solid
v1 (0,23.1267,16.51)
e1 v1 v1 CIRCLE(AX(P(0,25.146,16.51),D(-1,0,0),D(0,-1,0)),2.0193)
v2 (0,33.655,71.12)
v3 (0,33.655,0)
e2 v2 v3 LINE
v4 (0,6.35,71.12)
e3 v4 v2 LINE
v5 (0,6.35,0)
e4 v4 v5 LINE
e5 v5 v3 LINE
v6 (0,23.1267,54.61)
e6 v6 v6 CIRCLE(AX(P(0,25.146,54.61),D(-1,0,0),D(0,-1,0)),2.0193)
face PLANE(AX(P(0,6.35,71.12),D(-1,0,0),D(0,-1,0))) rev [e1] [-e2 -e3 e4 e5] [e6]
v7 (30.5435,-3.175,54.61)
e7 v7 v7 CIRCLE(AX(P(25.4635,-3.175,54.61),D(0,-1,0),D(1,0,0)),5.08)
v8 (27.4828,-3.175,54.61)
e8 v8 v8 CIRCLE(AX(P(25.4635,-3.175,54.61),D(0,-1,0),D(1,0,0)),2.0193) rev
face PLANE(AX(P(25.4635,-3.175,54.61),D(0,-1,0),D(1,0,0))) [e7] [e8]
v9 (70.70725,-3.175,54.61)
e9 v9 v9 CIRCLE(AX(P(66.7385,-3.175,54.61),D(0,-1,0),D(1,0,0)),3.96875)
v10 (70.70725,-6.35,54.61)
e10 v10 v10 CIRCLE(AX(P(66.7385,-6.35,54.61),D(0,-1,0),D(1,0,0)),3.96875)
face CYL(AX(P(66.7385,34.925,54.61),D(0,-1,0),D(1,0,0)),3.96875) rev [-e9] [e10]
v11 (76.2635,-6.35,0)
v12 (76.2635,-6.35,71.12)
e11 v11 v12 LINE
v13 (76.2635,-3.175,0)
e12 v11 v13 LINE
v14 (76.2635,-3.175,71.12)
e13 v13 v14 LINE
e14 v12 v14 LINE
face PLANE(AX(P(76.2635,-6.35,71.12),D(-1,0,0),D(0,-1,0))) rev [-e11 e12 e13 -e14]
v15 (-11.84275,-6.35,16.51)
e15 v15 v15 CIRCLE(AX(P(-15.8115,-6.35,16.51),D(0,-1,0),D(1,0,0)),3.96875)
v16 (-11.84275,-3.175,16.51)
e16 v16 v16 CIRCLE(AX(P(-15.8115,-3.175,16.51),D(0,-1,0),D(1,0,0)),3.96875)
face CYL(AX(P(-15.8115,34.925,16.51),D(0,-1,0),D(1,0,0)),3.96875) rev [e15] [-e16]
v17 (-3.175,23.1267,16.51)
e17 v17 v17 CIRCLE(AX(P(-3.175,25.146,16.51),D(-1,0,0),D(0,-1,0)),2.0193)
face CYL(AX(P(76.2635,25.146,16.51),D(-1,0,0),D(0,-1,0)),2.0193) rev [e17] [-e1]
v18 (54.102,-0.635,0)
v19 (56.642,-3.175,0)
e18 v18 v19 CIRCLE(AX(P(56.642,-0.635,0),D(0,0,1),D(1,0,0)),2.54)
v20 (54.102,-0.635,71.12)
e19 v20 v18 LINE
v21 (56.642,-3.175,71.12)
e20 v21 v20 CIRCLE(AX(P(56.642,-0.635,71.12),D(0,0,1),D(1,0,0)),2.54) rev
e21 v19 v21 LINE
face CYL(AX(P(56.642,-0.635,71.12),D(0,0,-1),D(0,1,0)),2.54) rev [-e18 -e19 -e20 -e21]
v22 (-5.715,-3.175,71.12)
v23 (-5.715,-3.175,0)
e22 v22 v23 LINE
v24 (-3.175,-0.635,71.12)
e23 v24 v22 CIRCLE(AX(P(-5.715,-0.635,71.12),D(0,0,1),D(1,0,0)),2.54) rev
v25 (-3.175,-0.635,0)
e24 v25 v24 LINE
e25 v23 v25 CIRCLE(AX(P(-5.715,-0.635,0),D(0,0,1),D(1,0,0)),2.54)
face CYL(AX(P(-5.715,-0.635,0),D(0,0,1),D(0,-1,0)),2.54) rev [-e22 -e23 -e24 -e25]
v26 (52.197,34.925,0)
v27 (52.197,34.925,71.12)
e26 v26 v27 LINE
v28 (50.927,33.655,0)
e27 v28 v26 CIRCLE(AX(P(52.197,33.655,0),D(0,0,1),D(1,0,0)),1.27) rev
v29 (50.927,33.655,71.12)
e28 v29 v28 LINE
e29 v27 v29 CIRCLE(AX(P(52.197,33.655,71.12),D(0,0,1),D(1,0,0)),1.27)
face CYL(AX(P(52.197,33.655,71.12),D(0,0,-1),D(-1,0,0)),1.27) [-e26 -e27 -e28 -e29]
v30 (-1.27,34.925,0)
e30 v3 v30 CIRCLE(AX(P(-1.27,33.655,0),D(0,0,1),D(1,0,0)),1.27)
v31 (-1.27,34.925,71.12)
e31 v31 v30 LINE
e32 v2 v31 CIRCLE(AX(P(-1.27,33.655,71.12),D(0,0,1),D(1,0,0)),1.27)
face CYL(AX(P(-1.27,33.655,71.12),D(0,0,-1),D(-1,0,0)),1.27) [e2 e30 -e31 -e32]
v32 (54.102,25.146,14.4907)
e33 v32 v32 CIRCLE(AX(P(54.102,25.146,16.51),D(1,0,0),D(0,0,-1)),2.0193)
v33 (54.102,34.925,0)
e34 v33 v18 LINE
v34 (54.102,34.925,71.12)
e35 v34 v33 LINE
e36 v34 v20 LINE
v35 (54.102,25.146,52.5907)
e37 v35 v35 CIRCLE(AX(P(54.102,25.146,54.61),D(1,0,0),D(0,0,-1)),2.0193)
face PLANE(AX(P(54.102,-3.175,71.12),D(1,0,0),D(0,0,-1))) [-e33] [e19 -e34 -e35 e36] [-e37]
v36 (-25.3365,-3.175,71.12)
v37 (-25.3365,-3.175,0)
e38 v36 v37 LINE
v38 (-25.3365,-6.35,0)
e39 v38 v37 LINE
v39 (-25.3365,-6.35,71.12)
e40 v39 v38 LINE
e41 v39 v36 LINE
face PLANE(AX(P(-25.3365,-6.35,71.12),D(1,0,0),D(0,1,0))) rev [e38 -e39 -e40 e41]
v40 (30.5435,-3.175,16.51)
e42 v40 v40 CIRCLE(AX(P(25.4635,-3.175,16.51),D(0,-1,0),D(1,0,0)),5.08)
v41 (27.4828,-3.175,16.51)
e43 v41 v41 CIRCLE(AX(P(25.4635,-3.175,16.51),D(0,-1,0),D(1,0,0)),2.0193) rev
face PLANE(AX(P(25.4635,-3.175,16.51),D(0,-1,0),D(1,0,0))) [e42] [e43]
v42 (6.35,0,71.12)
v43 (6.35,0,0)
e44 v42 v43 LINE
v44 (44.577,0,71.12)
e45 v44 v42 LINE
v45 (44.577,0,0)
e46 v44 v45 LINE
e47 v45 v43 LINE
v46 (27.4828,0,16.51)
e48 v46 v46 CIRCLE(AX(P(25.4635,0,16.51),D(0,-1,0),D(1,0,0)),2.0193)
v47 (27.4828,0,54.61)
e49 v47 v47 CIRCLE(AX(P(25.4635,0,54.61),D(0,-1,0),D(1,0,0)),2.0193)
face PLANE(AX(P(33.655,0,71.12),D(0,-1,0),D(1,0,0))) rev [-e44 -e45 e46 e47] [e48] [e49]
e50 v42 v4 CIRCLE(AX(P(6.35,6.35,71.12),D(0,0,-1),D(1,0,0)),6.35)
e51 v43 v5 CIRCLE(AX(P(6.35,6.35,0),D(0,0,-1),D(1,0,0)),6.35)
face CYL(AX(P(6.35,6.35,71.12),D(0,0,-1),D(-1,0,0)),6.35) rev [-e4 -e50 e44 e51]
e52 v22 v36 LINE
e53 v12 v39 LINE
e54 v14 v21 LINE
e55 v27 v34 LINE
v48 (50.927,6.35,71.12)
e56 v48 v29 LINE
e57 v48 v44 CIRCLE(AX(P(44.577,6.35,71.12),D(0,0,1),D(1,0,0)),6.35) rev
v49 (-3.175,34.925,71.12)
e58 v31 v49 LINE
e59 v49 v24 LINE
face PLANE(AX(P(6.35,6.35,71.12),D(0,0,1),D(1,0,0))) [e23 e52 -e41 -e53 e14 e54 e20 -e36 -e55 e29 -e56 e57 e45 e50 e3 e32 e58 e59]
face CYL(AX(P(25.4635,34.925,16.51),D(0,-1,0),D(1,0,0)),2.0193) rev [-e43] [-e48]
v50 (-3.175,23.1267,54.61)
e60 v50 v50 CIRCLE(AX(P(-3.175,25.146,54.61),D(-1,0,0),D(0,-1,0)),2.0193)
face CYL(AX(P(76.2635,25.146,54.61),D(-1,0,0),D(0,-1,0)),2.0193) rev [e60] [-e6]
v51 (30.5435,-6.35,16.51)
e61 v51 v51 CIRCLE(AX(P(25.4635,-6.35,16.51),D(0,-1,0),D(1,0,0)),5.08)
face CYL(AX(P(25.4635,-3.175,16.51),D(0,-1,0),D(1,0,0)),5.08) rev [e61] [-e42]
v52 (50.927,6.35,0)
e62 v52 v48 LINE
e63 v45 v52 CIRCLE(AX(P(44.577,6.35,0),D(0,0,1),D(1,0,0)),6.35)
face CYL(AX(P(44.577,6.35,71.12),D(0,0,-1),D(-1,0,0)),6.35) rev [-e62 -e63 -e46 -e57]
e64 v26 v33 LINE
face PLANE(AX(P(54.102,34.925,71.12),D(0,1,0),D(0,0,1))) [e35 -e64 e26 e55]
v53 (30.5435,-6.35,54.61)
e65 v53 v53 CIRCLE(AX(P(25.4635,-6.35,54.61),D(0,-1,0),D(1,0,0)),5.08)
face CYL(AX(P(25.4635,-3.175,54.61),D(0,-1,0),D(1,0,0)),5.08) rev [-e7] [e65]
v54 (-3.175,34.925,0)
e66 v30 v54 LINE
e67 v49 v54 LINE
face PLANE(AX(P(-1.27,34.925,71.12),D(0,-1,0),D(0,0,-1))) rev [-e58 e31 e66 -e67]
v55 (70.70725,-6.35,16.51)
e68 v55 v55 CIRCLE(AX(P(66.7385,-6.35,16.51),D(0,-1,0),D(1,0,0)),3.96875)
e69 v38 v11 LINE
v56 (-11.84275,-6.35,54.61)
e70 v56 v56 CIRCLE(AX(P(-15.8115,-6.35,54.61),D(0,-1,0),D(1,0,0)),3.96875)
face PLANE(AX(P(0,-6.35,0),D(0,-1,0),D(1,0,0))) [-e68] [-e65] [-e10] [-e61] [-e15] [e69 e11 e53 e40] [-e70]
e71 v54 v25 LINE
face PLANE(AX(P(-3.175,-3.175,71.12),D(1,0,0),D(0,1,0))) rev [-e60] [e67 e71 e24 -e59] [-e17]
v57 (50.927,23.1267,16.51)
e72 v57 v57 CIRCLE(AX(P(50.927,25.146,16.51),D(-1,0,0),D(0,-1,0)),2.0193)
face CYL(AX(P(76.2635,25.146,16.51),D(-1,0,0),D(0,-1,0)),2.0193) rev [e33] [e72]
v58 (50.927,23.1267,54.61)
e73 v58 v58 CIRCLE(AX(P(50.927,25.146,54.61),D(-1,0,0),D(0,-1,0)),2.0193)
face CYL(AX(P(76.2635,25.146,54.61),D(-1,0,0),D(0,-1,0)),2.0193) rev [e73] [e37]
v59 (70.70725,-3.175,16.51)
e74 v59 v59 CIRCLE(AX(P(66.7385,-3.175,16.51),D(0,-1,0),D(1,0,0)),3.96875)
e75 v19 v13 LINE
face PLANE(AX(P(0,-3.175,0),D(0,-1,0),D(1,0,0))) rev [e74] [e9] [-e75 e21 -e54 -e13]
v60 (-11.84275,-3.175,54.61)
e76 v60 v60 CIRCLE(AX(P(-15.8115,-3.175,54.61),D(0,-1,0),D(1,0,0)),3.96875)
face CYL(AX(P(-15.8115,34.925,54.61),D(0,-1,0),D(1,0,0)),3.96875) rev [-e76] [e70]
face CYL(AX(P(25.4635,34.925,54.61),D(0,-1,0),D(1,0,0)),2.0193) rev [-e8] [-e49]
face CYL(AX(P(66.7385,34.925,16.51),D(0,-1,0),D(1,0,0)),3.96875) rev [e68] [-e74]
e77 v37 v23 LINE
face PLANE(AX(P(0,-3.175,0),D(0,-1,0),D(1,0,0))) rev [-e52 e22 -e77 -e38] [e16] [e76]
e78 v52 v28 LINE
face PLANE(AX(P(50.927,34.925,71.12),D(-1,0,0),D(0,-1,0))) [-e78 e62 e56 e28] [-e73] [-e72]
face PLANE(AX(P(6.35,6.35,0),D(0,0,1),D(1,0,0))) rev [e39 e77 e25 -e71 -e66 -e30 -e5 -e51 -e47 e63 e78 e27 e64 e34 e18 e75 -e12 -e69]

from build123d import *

# Parameters (mm, degrees)
BOSS_EXTRUDE1_DEPTH = 71.12
SKETCH4_W           = 9.4615
SKETCH4_H           = 3.175
CUT_EXTRUDE1_DEPTH  = 72.12
BOSS_EXTRUDE2_DEPTH = 71.12
FILLET2_R           = 6.35
FILLET4_R           = 1.27
SKETCH6_W           = 101.6
SKETCH6_H           = 71.12
BOSS_EXTRUDE3_DEPTH = 3.175
SKETCH7_R           = 2.0193
CUT_EXTRUDE2_DEPTH  = 80.4385
SKETCH8_R           = 2.0193
CUT_EXTRUDE3_DEPTH  = 42.275
SKETCH9_R           = 3.96875
CUT_EXTRUDE4_DEPTH  = 42.275
FILLET5_R           = 2.54
SKETCH10_R          = 5.08
CUT_EXTRUDE5_DEPTH  = 3.175


with BuildPart() as part:
    # Sketch3 → Boss-Extrude1 (new body)
    with BuildSketch(Plane.XY):
        with BuildLine():
            Line((0, 6.35), (0, 33.655))
            ThreePointArc((0, 33.655), (-0.371974388, 34.553025612), (-1.27, 34.925))
            Line((-1.27, 34.925), (-3.175, 34.925))
            Line((-3.175, 34.925), (-3.175, 0))
            Line((-3.175, 0), (-3.175, -3.175))
            Line((-3.175, -3.175), (34.925, -3.175))
            Line((34.925, -3.175), (34.925, -1.27))
            ThreePointArc((34.925, -1.27), (34.553025612, -0.371974388), (33.655, 0))
            Line((33.655, 0), (6.35, 0))
            ThreePointArc((6.35, 0), (1.859871939, 1.859871939), (0, 6.35))
        make_face()
    extrude(amount=BOSS_EXTRUDE1_DEPTH)

    # Sketch4 → Cut-Extrude1 (cut, through all)
    with BuildSketch(Plane(origin=(0, 0, 0), x_dir=(-1, 0, 0), z_dir=(0, 0, -1))):
        with Locations((-30.19425, -1.5875)):
            Rectangle(SKETCH4_W, SKETCH4_H)
    extrude(amount=-CUT_EXTRUDE1_DEPTH, mode=Mode.SUBTRACT)

    # Sketch5 → Boss-Extrude2 (add)
    with BuildSketch(Plane(origin=(0, 0, 0), x_dir=(-1, 0, 0), z_dir=(0, 0, -1))):
        Polygon((-25.4635, -3.175), (-54.102, -3.175), (-54.102, 34.925), (-50.927, 34.925), (-50.927, 0), (-25.4635, 0), align=None)
    extrude(amount=-BOSS_EXTRUDE2_DEPTH)

    # Fillet2
    fillet2_edges = [part.edges().sort_by_distance(p)[0] for p in [
        (50.927, 0, 35.56),
    ]]
    fillet(fillet2_edges, radius=FILLET2_R)

    # Fillet4
    fillet4_edges = [part.edges().sort_by_distance(p)[0] for p in [
        (50.927, 34.925, 35.56),
    ]]
    fillet(fillet4_edges, radius=FILLET4_R)

    # Sketch6 → Boss-Extrude3 (add)
    with BuildSketch(Plane.XZ.offset(3.175)):
        with Locations((25.4635, 35.56)):
            Rectangle(SKETCH6_W, SKETCH6_H)
    extrude(amount=BOSS_EXTRUDE3_DEPTH)

    # Sketch7 → Cut-Extrude2 (cut, through all)
    with BuildSketch(Plane.ZY.offset(3.175)):
        with Locations((16.51, 25.146)):
            Circle(SKETCH7_R)
        with Locations((54.61, 25.146)):
            Circle(SKETCH7_R)
    extrude(amount=-CUT_EXTRUDE2_DEPTH, mode=Mode.SUBTRACT)

    # Sketch8 → Cut-Extrude3 (cut, through all)
    with BuildSketch(Plane.XZ.offset(6.35)):
        with Locations((25.4635, 16.51)):
            Circle(SKETCH8_R)
        with Locations((25.4635, 54.61)):
            Circle(SKETCH8_R)
    extrude(amount=-CUT_EXTRUDE3_DEPTH, mode=Mode.SUBTRACT)

    # Sketch9 → Cut-Extrude4 (cut, through all)
    with BuildSketch(Plane.XZ.offset(6.35)):
        with Locations((-15.8115, 16.51)):
            Circle(SKETCH9_R)
        with Locations((-15.8115, 54.61)):
            Circle(SKETCH9_R)
        with Locations((66.7385, 54.61)):
            Circle(SKETCH9_R)
        with Locations((66.7385, 16.51)):
            Circle(SKETCH9_R)
    extrude(amount=-CUT_EXTRUDE4_DEPTH, mode=Mode.SUBTRACT)

    # Fillet5
    fillet5_edges = [part.edges().sort_by_distance(p)[0] for p in [
        (-3.175, -3.175, 35.56),
        (54.102, -3.175, 35.56),
    ]]
    fillet(fillet5_edges, radius=FILLET5_R)

    # Sketch10 → Cut-Extrude5 (cut)
    with BuildSketch(Plane.XZ.offset(6.35)):
        with Locations((25.4635, 54.61)):
            Circle(SKETCH10_R)
        with Locations((25.4635, 16.51)):
            Circle(SKETCH10_R)
    extrude(amount=-CUT_EXTRUDE5_DEPTH, mode=Mode.SUBTRACT)


solid = part.part
